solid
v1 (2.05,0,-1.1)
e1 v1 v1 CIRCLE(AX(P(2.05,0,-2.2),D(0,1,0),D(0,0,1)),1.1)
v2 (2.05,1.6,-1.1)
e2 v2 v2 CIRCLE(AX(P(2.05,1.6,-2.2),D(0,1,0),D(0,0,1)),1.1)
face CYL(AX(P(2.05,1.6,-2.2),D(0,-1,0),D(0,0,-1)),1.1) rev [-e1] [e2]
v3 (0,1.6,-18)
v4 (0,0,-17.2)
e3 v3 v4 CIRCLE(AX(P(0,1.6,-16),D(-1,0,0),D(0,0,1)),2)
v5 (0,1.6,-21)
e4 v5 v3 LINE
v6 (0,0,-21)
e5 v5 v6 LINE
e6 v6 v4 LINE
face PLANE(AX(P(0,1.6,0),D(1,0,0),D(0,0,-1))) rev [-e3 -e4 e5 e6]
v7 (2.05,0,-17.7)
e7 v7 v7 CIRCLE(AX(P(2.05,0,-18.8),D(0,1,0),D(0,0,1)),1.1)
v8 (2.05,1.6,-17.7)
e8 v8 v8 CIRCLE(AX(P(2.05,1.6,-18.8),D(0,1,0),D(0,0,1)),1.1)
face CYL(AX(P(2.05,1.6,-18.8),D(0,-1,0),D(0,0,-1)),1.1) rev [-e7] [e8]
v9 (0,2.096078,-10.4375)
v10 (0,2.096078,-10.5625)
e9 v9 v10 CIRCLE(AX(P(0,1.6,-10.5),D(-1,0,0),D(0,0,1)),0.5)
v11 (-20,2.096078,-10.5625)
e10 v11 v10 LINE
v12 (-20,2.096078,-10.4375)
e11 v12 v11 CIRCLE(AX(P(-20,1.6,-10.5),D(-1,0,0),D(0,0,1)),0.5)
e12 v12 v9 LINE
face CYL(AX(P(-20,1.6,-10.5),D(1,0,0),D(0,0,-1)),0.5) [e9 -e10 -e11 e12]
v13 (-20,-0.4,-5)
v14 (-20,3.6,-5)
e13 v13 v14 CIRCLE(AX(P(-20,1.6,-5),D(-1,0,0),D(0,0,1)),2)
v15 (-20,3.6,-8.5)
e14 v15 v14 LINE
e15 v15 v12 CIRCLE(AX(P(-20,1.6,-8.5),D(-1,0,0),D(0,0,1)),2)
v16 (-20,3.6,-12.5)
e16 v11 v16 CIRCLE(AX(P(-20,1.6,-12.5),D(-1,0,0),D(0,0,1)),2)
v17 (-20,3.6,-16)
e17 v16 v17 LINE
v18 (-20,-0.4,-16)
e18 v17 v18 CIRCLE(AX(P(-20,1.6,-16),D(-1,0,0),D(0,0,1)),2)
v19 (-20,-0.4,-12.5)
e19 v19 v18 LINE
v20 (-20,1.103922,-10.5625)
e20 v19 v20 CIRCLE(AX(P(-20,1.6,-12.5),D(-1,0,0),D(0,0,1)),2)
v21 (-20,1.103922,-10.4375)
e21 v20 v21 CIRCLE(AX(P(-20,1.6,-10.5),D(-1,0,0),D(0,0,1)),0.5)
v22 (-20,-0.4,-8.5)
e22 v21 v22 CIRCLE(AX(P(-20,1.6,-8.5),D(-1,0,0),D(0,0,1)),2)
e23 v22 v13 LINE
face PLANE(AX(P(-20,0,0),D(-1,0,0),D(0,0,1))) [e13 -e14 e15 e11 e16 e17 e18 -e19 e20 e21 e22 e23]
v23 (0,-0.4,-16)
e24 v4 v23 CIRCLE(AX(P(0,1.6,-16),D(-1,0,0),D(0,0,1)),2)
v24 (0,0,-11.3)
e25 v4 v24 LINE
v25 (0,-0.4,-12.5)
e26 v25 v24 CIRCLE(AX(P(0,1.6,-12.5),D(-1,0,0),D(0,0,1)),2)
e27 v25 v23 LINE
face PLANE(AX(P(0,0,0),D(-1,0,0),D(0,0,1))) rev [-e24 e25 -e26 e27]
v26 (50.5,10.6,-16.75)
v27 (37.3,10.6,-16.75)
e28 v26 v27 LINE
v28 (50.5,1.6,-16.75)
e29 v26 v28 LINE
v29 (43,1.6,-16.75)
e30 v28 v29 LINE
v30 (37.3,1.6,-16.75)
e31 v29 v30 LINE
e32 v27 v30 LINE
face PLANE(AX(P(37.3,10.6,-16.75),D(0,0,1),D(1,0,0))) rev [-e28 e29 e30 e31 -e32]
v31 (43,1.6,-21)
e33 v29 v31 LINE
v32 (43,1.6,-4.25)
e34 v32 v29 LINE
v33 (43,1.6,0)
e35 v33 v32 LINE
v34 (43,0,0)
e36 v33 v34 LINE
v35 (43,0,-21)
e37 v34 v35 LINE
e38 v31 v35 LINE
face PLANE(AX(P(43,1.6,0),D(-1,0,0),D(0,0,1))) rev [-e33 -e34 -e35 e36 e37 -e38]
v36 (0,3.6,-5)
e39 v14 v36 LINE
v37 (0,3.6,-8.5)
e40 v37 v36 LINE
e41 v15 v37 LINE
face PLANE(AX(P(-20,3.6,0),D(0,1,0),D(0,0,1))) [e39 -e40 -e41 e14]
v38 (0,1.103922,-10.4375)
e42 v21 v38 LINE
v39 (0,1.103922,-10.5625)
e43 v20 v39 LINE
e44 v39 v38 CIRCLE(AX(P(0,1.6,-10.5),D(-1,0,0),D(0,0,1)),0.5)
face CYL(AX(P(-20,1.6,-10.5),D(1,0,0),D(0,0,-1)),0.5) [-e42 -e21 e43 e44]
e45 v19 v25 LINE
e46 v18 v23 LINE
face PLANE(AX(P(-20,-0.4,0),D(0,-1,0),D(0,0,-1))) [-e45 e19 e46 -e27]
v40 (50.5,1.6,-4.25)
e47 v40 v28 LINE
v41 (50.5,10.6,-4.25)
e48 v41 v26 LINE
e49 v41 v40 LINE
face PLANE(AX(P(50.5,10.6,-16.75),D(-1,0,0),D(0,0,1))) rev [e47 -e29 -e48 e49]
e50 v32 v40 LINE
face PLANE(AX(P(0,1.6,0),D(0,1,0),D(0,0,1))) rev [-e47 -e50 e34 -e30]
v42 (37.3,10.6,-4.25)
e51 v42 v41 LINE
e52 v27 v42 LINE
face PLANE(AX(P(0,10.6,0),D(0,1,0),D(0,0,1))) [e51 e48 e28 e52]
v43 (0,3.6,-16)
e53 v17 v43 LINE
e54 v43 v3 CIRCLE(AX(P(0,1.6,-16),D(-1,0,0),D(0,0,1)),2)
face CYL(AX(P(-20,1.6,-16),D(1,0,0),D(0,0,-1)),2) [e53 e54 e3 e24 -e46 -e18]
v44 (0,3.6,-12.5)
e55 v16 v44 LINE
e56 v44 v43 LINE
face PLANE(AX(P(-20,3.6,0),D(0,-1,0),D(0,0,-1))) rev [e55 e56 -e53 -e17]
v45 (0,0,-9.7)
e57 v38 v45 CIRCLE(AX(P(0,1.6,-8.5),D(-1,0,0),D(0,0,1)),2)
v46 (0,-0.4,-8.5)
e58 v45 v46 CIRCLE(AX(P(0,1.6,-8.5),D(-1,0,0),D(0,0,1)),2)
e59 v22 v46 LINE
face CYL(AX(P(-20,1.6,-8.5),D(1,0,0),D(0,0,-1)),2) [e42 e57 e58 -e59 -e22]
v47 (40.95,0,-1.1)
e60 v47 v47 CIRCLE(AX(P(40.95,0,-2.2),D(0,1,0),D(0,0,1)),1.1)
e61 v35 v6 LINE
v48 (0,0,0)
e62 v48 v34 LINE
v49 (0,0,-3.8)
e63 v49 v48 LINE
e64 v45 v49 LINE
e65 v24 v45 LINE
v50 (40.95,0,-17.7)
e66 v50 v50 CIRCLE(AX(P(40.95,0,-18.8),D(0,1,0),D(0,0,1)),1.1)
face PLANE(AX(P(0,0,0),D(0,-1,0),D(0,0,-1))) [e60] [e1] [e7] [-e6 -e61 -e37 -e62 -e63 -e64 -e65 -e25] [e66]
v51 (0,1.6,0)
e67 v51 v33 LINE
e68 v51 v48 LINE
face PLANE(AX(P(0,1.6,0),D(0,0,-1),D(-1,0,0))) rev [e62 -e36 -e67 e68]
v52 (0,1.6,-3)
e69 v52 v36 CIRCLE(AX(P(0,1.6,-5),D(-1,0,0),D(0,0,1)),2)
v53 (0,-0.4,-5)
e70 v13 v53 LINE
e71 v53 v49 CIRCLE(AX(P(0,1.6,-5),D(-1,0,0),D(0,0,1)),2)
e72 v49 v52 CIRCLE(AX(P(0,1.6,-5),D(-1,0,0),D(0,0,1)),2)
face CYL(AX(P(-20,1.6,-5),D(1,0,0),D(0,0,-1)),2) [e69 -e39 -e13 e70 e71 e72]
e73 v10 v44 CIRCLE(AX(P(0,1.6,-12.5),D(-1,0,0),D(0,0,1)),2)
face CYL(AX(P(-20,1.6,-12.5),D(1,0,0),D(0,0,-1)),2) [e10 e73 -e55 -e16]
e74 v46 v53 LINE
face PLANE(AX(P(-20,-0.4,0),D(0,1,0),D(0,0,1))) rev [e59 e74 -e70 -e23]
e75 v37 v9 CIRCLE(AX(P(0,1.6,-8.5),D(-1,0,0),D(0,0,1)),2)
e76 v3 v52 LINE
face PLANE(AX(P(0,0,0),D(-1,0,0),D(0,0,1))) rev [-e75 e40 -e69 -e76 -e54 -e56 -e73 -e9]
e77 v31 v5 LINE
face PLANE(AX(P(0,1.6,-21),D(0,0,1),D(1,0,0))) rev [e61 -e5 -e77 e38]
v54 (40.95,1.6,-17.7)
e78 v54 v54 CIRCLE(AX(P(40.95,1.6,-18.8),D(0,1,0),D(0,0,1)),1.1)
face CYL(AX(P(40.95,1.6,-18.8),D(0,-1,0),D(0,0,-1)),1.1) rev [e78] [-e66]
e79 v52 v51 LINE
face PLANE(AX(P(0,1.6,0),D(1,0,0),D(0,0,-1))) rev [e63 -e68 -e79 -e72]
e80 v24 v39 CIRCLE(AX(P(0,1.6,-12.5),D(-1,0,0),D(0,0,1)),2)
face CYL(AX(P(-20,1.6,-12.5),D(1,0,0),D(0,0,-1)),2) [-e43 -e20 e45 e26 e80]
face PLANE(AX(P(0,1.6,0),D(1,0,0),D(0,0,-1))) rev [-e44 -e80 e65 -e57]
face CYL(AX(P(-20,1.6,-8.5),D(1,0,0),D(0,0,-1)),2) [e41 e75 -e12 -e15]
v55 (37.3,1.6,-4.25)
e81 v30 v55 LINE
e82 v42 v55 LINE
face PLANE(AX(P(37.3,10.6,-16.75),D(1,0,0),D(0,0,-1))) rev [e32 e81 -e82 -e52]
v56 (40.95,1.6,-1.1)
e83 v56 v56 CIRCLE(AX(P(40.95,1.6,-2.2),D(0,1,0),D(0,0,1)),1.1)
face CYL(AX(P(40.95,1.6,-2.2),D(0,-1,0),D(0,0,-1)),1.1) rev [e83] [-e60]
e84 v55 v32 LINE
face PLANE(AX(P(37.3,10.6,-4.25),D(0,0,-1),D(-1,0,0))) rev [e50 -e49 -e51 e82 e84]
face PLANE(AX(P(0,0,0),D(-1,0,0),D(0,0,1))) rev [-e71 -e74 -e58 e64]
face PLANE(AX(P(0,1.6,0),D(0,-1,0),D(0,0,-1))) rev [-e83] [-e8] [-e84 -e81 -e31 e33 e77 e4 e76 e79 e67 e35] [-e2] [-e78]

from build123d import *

# Parameters (mm, degrees)
SKETCH1_W           = 43
SKETCH1_H           = 21
SKETCH1_R           = 1.1
BOSS_EXTRUDE1_DEPTH = 1.6
BOSS_EXTRUDE2_DEPTH = 20
SKETCH3_W           = 13.2
SKETCH3_H           = 12.5
BOSS_EXTRUDE3_DEPTH = 9


with BuildPart() as part:
    # Sketch1 → Boss-Extrude1 (new body)
    with BuildSketch(Plane(origin=(0, 0, 0), x_dir=(1, 0, 0), z_dir=(0, 1, 0))):
        with Locations((21.5, 10.5)):
            Rectangle(SKETCH1_W, SKETCH1_H)
        with Locations(Location((2.05, 18.8, 0), (0, 0, 270))):
            Circle(SKETCH1_R, mode=Mode.SUBTRACT)
        with Locations(Location((40.95, 18.8, 0), (0, 0, 270))):
            Circle(SKETCH1_R, mode=Mode.SUBTRACT)
        with Locations(Location((40.95, 2.2, 0), (0, 0, 270))):
            Circle(SKETCH1_R, mode=Mode.SUBTRACT)
        with Locations(Location((2.05, 2.2, 0), (0, 0, 270))):
            Circle(SKETCH1_R, mode=Mode.SUBTRACT)
    extrude(amount=BOSS_EXTRUDE1_DEPTH)

    # Sketch2 → Boss-Extrude2 (add)
    with BuildSketch(Plane.ZY):
        with BuildLine():
            ThreePointArc((-16, 3.6), (-17.414213562, 3.014213562), (-18, 1.6))
            Line((-18, 1.6), (-11, 1.6))
            ThreePointArc((-11, 1.6), (-10.875, 1.930718914), (-10.5625, 2.096078371))
            ThreePointArc((-10.5625, 2.096078371), (-11.273655175, 3.179898215), (-12.5, 3.6))
            Line((-12.5, 3.6), (-16, 3.6))
        make_face()
        with BuildLine():
            Line((-17.2, 0), (-11.3, 0))
            ThreePointArc((-11.3, 0), (-10.836979464, 0.488981235), (-10.5625, 1.103921629))
            ThreePointArc((-10.5625, 1.103921629), (-10.875, 1.269281086), (-11, 1.6))
            Line((-11, 1.6), (-18, 1.6))
            ThreePointArc((-18, 1.6), (-17.788854382, 0.705572809), (-17.2, 0))
        make_face()
        with BuildLine():
            Line((-16, -0.4), (-12.5, -0.4))
            ThreePointArc((-12.5, -0.4), (-11.867544468, -0.297366596), (-11.3, 0))
            Line((-11.3, 0), (-17.2, 0))
            ThreePointArc((-17.2, 0), (-16.632455532, -0.297366596), (-16, -0.4))
        make_face()
        with BuildLine():
            ThreePointArc((-11, 1.6), (-10.875, 1.269281086), (-10.5625, 1.103921629))
            ThreePointArc((-10.5625, 1.103921629), (-10.515686517, 1.35), (-10.5, 1.6))
            Line((-10.5, 1.6), (-11, 1.6))
        make_face()
        with BuildLine():
            Line((-11, 1.6), (-10.5, 1.6))
            ThreePointArc((-10.5, 1.6), (-10.515686517, 1.85), (-10.5625, 2.096078371))
            ThreePointArc((-10.5625, 2.096078371), (-10.875, 1.930718914), (-11, 1.6))
        make_face()
        with BuildLine():
            ThreePointArc((-10.5, 1.6), (-10.515686517, 1.35), (-10.5625, 1.103921629))
            ThreePointArc((-10.5625, 1.103921629), (-10.5, 1.1), (-10.4375, 1.103921629))
            ThreePointArc((-10.4375, 1.103921629), (-10.484313483, 1.35), (-10.5, 1.6))
        make_face()
        with BuildLine():
            ThreePointArc((-10.5625, 2.096078371), (-10.515686517, 1.85), (-10.5, 1.6))
            ThreePointArc((-10.5, 1.6), (-10.484313483, 1.85), (-10.4375, 2.096078371))
            ThreePointArc((-10.4375, 2.096078371), (-10.5, 2.1), (-10.5625, 2.096078371))
        make_face()
        with BuildLine():
            Line((-10, 1.6), (-10.5, 1.6))
            ThreePointArc((-10.5, 1.6), (-10.484313483, 1.35), (-10.4375, 1.103921629))
            ThreePointArc((-10.4375, 1.103921629), (-10.125, 1.269281086), (-10, 1.6))
        make_face()
        with BuildLine():
            ThreePointArc((-10.4375, 2.096078371), (-10.484313483, 1.85), (-10.5, 1.6))
            Line((-10.5, 1.6), (-10, 1.6))
            ThreePointArc((-10, 1.6), (-10.125, 1.930718914), (-10.4375, 2.096078371))
        make_face()
        with BuildLine():
            ThreePointArc((-10.4375, 1.103921629), (-10.163020536, 0.488981235), (-9.7, 0))
            Line((-9.7, 0), (-3.8, 0))
            ThreePointArc((-3.8, 0), (-3.211145618, 0.705572809), (-3, 1.6))
            Line((-3, 1.6), (-10, 1.6))
            ThreePointArc((-10, 1.6), (-10.125, 1.269281086), (-10.4375, 1.103921629))
        make_face()
        with BuildLine():
            ThreePointArc((-8.5, 3.6), (-9.726344825, 3.179898215), (-10.4375, 2.096078371))
            ThreePointArc((-10.4375, 2.096078371), (-10.125, 1.930718914), (-10, 1.6))
            Line((-10, 1.6), (-3, 1.6))
            ThreePointArc((-3, 1.6), (-3.585786438, 3.014213562), (-5, 3.6))
            Line((-5, 3.6), (-8.5, 3.6))
        make_face()
        with BuildLine():
            Line((-3.8, 0), (-9.7, 0))
            ThreePointArc((-9.7, 0), (-9.132455532, -0.297366596), (-8.5, -0.4))
            Line((-8.5, -0.4), (-5, -0.4))
            ThreePointArc((-5, -0.4), (-4.367544468, -0.297366596), (-3.8, 0))
        make_face()
    extrude(amount=BOSS_EXTRUDE2_DEPTH)

    # Sketch3 → Boss-Extrude3 (add)
    with BuildSketch(Plane(origin=(0, 1.6, 0), x_dir=(1, 0, 0), z_dir=(0, 1, 0))):
        with Locations((43.9, 10.5)):
            Rectangle(SKETCH3_W, SKETCH3_H)
    extrude(amount=BOSS_EXTRUDE3_DEPTH)


solid = part.part
